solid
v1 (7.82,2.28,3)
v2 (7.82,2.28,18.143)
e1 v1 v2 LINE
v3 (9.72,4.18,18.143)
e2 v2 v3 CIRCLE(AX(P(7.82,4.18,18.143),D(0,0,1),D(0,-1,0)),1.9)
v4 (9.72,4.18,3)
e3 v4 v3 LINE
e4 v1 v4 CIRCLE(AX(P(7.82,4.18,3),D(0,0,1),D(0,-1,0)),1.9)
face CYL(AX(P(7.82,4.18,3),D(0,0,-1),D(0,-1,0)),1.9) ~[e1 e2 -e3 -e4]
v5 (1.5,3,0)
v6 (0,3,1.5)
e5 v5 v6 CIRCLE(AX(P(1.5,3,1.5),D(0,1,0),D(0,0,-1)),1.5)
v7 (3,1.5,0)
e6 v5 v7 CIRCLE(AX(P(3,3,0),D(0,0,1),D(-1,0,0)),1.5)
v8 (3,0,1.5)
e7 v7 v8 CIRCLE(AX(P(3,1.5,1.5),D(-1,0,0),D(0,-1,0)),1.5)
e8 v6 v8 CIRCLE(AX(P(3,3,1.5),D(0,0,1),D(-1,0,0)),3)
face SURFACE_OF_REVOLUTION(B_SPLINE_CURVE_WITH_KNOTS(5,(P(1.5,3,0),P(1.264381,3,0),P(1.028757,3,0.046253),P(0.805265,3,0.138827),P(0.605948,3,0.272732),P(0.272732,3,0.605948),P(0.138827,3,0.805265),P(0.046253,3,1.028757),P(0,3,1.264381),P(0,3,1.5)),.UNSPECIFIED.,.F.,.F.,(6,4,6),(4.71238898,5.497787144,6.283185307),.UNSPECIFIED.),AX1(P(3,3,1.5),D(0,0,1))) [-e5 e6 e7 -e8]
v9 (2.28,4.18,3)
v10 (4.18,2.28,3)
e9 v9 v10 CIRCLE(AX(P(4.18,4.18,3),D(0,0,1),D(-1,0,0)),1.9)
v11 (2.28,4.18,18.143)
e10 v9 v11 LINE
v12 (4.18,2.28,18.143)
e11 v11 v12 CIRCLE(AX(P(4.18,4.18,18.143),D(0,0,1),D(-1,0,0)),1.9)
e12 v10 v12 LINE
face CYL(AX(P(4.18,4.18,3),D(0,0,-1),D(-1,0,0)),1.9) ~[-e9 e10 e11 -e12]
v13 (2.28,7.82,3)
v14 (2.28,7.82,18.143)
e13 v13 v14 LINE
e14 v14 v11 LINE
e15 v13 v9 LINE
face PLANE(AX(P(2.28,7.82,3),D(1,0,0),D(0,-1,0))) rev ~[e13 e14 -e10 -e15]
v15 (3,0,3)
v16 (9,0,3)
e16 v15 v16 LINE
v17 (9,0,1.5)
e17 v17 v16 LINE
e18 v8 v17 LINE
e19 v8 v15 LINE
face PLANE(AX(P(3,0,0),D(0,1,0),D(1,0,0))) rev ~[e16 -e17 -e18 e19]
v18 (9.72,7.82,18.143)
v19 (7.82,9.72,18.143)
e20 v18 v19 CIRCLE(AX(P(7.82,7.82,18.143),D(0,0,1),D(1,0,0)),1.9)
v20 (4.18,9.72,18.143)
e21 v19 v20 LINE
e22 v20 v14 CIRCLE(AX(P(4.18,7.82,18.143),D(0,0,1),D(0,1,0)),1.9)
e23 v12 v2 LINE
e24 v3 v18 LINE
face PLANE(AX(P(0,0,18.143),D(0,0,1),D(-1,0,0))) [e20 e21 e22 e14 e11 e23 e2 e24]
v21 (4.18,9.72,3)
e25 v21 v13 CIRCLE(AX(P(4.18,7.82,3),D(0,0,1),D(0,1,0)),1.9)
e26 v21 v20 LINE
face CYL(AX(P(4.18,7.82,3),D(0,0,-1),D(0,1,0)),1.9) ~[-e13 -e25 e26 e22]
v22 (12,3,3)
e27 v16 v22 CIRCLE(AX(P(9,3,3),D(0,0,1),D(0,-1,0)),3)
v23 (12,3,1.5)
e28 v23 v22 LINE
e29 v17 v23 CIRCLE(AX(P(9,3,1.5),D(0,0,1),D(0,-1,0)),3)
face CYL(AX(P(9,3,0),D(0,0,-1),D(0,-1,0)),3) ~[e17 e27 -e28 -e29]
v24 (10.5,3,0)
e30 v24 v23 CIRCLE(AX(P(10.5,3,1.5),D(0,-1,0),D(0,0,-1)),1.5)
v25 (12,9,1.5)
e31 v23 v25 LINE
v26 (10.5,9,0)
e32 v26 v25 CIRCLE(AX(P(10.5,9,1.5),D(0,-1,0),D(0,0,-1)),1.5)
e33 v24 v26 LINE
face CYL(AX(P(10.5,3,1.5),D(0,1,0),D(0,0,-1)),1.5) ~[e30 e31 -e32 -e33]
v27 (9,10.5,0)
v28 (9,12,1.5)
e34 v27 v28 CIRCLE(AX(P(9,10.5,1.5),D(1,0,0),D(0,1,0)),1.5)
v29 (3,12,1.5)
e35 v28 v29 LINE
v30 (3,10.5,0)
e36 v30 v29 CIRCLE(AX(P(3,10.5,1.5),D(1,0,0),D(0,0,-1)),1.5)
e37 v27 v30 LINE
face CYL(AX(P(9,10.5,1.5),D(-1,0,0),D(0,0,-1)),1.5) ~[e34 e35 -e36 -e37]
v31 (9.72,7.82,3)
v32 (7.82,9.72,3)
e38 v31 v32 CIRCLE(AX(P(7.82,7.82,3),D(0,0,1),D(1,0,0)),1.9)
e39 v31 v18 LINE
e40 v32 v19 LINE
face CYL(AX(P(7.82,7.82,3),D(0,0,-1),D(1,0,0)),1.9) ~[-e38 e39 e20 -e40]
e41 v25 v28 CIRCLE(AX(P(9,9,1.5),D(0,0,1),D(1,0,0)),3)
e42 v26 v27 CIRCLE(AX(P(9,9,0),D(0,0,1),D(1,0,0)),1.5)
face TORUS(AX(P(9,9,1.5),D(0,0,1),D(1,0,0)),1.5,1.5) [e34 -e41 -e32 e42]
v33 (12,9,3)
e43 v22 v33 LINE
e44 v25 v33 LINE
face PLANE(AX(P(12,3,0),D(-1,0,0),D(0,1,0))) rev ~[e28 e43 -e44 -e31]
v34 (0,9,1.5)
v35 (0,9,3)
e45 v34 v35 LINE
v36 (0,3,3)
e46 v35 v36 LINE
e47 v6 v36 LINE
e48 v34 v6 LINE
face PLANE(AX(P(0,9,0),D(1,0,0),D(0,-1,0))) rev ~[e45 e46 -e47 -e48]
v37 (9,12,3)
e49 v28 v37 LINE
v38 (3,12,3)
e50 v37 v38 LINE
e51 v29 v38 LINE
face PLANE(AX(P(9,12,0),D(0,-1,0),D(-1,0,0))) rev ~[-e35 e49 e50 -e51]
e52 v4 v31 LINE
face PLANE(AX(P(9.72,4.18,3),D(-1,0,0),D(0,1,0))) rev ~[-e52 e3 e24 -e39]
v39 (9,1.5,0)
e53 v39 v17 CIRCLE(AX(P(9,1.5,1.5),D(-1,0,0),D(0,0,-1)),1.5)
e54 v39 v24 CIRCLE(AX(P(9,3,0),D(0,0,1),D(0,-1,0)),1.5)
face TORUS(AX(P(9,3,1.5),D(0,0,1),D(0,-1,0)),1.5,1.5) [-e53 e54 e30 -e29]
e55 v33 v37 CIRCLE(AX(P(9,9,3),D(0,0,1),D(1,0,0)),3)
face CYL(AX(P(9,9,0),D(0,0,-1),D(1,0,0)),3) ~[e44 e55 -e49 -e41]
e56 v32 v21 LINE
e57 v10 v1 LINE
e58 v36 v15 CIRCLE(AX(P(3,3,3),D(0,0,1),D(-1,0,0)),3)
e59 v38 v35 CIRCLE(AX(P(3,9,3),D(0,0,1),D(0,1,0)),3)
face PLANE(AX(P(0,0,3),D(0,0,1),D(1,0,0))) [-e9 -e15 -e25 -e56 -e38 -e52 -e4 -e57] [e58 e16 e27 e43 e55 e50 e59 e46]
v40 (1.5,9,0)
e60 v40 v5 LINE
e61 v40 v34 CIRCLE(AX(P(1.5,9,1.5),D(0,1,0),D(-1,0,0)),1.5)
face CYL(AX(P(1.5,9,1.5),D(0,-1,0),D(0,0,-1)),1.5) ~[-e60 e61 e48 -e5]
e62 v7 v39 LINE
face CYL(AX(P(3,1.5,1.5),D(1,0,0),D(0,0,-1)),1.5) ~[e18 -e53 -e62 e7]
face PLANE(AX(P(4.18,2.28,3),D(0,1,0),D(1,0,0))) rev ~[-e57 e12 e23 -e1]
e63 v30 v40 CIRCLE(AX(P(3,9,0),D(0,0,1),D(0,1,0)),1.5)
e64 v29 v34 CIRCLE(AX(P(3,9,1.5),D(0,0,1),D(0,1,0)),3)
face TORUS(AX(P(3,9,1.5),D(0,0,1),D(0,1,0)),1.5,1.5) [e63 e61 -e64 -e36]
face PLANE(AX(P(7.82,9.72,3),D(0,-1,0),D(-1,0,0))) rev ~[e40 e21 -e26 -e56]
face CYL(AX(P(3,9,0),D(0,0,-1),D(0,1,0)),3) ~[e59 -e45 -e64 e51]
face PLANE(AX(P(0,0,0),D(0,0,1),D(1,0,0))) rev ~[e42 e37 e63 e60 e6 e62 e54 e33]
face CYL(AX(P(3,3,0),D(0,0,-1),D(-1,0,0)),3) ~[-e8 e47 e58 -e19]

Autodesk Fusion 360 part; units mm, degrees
sketch "Base" plane through (0, 0, 0) normal (0, 0, 1) x (1, 0, 0)
  line L0 (3, 0) -> (9, 0)
  line L1 (12, 3) -> (12, 9)
  line L2 (9, 12) -> (3, 12)
  line L3 (0, 9) -> (0, 3)
  arc A0 (3, 12) -> (0, 9) centre (3, 9) ccw
  arc A1 (12, 9) -> (9, 12) centre (9, 9) ccw
  arc A2 (9, 0) -> (12, 3) centre (9, 3) ccw
  arc A3 (0, 3) -> (3, 0) centre (3, 3) ccw
  point P0 (12, 0)
  point P1 (0, 12)
  dimension "d1" = 12
  dimension "d2" = 12
  dimension "d3" = 3
sketch "Sketch2" plane through (0, 0, 3) normal (0, 0, 1) x (-1, 0, 0)
  arc A0 (0, -3) -> (-3, 0) centre (-3, -3) ccw
  arc A1 (-3, -12) -> (0, -9) centre (-3, -9) ccw
  line L0 (-4.18, -2.28) -> (-7.82, -2.28)
  line L1 (-9.72, -4.18) -> (-9.72, -7.82)
  line L2 (-7.82, -9.72) -> (-4.18, -9.72)
  line L3 (-2.28, -7.82) -> (-2.28, -4.18)
  arc A2 (-4.18, -9.72) -> (-2.28, -7.82) centre (-4.18, -7.82) ccw
  arc A3 (-9.72, -7.82) -> (-7.82, -9.72) centre (-7.82, -7.82) ccw
  arc A4 (-7.82, -2.28) -> (-9.72, -4.18) centre (-7.82, -4.18) ccw
  arc A5 (-2.28, -4.18) -> (-4.18, -2.28) centre (-4.18, -4.18) ccw
  point P0 (-2.28, -2.28)
  point P1 (-9.72, -2.28)
  point P2 (-2.28, -9.72)
  dimension "d18" = 7.44
  dimension "d19" = 7.44
  dimension "d20" = 1.9
extrude "Extrude3" add sketch "Base" along normal blind 3
extrude "Extrude4" add sketch "Sketch2" along normal blind 15.143
fillet "Fillet2" radius 1.5 8 edges at (12, 6, 0) (11.1213, 11.1213, 0) (6, 12, 0) (0.8787, 11.1213, 0) (0, 6, 0) (0.8787, 0.8787, 0) (6, 0, 0) (11.1213, 0.8787, 0)
